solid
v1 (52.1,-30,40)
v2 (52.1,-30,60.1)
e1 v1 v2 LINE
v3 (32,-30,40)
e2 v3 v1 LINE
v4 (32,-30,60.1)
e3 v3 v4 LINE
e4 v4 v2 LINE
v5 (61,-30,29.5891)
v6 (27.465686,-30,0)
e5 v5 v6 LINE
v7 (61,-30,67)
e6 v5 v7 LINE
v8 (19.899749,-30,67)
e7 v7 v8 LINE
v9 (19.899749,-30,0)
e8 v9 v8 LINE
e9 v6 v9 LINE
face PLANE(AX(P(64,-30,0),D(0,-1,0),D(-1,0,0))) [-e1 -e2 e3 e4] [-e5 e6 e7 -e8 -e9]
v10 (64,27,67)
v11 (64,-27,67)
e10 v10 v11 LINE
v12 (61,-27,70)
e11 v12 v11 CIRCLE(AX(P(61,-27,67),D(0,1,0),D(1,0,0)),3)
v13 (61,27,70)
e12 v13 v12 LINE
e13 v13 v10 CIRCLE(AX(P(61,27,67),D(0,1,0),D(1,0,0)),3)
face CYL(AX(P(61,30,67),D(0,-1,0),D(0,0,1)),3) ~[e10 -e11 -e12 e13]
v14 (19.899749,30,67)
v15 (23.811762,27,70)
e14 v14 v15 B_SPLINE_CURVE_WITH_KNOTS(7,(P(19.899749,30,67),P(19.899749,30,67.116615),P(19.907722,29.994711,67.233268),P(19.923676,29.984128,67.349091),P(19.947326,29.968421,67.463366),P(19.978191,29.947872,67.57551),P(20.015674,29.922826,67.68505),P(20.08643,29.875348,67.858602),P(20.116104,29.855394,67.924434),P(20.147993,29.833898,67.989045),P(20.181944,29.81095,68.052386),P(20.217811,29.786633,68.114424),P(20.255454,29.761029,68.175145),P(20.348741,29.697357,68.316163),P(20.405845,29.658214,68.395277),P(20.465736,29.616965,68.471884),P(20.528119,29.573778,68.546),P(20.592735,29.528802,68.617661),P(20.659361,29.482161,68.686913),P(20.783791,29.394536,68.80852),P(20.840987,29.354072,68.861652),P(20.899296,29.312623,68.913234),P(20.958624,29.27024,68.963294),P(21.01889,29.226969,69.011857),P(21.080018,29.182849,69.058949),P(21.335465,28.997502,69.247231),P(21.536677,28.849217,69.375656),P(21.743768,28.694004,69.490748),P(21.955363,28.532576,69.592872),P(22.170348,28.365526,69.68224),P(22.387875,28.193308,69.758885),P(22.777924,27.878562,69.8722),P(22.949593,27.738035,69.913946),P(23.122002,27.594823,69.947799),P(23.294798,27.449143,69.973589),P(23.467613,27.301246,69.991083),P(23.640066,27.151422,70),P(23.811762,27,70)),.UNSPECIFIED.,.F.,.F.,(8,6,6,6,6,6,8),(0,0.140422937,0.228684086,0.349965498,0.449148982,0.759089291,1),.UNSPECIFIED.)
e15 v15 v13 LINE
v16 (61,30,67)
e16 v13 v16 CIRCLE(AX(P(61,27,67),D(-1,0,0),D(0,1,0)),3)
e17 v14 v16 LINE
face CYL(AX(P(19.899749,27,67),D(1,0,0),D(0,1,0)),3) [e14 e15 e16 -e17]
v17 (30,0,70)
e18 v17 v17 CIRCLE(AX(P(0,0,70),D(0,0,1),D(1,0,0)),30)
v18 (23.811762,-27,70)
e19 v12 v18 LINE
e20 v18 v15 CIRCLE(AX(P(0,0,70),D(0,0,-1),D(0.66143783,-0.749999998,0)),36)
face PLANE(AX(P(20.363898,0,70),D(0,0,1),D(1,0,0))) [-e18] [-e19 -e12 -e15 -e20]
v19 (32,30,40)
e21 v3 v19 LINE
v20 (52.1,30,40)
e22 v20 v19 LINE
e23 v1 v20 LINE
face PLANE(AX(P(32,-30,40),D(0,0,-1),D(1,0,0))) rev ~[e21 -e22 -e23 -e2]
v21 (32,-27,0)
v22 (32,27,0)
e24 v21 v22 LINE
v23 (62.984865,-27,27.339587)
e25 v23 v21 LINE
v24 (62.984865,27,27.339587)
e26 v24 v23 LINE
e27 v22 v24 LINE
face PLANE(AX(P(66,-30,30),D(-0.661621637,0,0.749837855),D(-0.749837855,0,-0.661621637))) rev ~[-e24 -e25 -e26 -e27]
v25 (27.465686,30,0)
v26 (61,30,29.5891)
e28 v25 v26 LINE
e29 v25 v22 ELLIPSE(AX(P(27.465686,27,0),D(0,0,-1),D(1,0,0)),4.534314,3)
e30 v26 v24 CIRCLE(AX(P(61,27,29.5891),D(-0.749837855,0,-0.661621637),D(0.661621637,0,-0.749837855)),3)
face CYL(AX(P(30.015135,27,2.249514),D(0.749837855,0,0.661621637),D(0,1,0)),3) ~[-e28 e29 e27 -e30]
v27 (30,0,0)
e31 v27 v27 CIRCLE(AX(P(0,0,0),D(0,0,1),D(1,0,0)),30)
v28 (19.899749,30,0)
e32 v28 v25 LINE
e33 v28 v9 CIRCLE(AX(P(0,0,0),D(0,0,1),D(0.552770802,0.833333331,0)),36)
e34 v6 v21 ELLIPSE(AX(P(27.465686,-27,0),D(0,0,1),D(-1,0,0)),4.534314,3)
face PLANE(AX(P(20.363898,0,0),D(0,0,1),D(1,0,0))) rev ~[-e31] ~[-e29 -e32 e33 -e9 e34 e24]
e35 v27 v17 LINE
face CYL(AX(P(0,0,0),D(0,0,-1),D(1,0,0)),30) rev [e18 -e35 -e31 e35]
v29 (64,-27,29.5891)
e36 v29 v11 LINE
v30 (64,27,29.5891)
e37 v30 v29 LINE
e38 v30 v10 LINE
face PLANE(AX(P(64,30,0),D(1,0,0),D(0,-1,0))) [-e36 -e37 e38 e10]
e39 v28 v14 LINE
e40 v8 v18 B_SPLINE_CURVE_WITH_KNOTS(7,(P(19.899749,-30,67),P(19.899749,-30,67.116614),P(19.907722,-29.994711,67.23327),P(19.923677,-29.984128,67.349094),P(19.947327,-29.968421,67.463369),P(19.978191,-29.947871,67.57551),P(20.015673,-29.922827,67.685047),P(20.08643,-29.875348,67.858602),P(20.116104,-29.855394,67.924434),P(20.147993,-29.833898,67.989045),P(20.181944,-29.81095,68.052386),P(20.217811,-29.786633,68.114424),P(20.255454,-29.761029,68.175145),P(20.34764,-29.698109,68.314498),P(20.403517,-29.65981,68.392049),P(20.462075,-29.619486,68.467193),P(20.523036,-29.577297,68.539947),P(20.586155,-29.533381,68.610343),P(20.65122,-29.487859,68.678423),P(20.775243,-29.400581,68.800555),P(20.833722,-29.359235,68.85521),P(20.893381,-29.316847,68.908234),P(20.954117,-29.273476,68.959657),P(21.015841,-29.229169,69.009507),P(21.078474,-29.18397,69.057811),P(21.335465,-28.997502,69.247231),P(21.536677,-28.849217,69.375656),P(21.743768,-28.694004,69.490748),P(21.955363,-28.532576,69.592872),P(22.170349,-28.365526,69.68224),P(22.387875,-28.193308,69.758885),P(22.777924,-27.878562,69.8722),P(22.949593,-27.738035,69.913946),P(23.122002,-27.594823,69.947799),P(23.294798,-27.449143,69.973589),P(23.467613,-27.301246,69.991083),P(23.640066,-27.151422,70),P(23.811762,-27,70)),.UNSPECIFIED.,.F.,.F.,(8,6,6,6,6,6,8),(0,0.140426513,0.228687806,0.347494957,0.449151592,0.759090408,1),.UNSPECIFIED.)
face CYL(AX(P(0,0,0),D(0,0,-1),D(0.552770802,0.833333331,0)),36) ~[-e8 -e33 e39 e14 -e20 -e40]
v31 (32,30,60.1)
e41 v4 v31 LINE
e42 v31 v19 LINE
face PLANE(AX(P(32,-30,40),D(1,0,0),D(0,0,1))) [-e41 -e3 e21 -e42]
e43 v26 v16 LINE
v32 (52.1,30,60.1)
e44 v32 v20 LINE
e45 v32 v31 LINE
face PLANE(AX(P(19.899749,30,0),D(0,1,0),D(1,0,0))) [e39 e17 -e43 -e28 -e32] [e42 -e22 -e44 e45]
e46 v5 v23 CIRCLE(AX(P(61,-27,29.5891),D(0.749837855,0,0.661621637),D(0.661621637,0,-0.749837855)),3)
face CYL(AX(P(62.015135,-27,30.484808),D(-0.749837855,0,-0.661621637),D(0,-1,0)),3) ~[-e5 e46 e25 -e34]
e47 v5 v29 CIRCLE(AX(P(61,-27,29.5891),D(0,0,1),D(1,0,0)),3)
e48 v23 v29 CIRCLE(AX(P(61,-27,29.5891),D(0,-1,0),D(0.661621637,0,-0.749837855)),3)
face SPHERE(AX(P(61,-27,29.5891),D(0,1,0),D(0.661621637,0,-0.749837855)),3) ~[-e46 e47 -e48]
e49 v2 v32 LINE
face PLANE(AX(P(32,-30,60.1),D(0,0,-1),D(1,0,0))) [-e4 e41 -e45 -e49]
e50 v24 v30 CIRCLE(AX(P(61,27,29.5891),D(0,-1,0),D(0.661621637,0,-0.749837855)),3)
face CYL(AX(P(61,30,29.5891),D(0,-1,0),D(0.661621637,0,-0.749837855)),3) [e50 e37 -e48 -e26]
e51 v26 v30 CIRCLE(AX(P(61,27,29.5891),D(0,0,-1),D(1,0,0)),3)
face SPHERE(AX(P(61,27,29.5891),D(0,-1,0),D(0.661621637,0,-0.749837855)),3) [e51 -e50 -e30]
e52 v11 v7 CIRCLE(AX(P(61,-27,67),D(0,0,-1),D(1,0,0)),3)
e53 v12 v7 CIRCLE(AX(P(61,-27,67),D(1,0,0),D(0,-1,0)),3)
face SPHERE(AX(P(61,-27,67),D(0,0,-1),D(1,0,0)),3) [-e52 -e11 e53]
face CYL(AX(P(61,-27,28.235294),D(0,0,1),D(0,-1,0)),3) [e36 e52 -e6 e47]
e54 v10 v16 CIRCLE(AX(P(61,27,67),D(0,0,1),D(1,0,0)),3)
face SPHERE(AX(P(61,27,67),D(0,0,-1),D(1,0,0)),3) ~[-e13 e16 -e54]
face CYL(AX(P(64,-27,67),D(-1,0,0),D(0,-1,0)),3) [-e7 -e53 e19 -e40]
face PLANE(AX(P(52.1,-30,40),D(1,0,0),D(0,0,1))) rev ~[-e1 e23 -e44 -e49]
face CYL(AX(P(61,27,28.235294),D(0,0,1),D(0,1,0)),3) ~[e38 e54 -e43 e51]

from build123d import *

# Parameters (mm, degrees)
SKETCH_R        = 30
PAD_DEPTH       = 70
SKETCH002_W     = 20.1
SKETCH002_H     = 20.1
POCKET_DEPTH    = 100
POCKET001_DEPTH = 100
FILLET_R        = 3


with BuildPart() as part:
    # Sketch → Pad (new body)
    with BuildSketch(Plane.XY):
        with BuildLine():
            ThreePointArc((19.899749, 30), (-36, 0), (19.899749, -30))
            Line((64, -30), (19.899749, -30))
            Line((64, 30), (64, -30))
            Line((19.899749, 30), (64, 30))
        make_face()
        Circle(SKETCH_R, mode=Mode.SUBTRACT)
    extrude(amount=PAD_DEPTH)

    # Sketch002 (on Face2 of Pad) → Pocket (cut)
    with BuildSketch(Plane.XZ.offset(30)):
        with Locations((42.05, 50.05)):
            Rectangle(SKETCH002_W, SKETCH002_H)
    extrude(amount=-POCKET_DEPTH, mode=Mode.SUBTRACT)

    # Sketch003 (on Face3 of Pocket) → Pocket001 (cut)
    with BuildSketch(Plane.XZ.offset(30)):
        Polygon((66, 30), (32, 0), (66, 0), align=None)
    extrude(amount=-POCKET001_DEPTH, mode=Mode.SUBTRACT)

    # Fillet
    fillet_edges = [part.edges().sort_by_distance(p)[0] for p in [
        (64, -30, 49.117647),
        (64, 30, 49.117647),
        (64, 0, 70),
        (64, 0, 28.235294),
        (48, 30, 14.117647),
        (48, -30, 14.117647),
        (41.949874, -30, 70),
        (41.949874, 30, 70),
    ]]
    fillet(fillet_edges, radius=FILLET_R)


solid = part.part
